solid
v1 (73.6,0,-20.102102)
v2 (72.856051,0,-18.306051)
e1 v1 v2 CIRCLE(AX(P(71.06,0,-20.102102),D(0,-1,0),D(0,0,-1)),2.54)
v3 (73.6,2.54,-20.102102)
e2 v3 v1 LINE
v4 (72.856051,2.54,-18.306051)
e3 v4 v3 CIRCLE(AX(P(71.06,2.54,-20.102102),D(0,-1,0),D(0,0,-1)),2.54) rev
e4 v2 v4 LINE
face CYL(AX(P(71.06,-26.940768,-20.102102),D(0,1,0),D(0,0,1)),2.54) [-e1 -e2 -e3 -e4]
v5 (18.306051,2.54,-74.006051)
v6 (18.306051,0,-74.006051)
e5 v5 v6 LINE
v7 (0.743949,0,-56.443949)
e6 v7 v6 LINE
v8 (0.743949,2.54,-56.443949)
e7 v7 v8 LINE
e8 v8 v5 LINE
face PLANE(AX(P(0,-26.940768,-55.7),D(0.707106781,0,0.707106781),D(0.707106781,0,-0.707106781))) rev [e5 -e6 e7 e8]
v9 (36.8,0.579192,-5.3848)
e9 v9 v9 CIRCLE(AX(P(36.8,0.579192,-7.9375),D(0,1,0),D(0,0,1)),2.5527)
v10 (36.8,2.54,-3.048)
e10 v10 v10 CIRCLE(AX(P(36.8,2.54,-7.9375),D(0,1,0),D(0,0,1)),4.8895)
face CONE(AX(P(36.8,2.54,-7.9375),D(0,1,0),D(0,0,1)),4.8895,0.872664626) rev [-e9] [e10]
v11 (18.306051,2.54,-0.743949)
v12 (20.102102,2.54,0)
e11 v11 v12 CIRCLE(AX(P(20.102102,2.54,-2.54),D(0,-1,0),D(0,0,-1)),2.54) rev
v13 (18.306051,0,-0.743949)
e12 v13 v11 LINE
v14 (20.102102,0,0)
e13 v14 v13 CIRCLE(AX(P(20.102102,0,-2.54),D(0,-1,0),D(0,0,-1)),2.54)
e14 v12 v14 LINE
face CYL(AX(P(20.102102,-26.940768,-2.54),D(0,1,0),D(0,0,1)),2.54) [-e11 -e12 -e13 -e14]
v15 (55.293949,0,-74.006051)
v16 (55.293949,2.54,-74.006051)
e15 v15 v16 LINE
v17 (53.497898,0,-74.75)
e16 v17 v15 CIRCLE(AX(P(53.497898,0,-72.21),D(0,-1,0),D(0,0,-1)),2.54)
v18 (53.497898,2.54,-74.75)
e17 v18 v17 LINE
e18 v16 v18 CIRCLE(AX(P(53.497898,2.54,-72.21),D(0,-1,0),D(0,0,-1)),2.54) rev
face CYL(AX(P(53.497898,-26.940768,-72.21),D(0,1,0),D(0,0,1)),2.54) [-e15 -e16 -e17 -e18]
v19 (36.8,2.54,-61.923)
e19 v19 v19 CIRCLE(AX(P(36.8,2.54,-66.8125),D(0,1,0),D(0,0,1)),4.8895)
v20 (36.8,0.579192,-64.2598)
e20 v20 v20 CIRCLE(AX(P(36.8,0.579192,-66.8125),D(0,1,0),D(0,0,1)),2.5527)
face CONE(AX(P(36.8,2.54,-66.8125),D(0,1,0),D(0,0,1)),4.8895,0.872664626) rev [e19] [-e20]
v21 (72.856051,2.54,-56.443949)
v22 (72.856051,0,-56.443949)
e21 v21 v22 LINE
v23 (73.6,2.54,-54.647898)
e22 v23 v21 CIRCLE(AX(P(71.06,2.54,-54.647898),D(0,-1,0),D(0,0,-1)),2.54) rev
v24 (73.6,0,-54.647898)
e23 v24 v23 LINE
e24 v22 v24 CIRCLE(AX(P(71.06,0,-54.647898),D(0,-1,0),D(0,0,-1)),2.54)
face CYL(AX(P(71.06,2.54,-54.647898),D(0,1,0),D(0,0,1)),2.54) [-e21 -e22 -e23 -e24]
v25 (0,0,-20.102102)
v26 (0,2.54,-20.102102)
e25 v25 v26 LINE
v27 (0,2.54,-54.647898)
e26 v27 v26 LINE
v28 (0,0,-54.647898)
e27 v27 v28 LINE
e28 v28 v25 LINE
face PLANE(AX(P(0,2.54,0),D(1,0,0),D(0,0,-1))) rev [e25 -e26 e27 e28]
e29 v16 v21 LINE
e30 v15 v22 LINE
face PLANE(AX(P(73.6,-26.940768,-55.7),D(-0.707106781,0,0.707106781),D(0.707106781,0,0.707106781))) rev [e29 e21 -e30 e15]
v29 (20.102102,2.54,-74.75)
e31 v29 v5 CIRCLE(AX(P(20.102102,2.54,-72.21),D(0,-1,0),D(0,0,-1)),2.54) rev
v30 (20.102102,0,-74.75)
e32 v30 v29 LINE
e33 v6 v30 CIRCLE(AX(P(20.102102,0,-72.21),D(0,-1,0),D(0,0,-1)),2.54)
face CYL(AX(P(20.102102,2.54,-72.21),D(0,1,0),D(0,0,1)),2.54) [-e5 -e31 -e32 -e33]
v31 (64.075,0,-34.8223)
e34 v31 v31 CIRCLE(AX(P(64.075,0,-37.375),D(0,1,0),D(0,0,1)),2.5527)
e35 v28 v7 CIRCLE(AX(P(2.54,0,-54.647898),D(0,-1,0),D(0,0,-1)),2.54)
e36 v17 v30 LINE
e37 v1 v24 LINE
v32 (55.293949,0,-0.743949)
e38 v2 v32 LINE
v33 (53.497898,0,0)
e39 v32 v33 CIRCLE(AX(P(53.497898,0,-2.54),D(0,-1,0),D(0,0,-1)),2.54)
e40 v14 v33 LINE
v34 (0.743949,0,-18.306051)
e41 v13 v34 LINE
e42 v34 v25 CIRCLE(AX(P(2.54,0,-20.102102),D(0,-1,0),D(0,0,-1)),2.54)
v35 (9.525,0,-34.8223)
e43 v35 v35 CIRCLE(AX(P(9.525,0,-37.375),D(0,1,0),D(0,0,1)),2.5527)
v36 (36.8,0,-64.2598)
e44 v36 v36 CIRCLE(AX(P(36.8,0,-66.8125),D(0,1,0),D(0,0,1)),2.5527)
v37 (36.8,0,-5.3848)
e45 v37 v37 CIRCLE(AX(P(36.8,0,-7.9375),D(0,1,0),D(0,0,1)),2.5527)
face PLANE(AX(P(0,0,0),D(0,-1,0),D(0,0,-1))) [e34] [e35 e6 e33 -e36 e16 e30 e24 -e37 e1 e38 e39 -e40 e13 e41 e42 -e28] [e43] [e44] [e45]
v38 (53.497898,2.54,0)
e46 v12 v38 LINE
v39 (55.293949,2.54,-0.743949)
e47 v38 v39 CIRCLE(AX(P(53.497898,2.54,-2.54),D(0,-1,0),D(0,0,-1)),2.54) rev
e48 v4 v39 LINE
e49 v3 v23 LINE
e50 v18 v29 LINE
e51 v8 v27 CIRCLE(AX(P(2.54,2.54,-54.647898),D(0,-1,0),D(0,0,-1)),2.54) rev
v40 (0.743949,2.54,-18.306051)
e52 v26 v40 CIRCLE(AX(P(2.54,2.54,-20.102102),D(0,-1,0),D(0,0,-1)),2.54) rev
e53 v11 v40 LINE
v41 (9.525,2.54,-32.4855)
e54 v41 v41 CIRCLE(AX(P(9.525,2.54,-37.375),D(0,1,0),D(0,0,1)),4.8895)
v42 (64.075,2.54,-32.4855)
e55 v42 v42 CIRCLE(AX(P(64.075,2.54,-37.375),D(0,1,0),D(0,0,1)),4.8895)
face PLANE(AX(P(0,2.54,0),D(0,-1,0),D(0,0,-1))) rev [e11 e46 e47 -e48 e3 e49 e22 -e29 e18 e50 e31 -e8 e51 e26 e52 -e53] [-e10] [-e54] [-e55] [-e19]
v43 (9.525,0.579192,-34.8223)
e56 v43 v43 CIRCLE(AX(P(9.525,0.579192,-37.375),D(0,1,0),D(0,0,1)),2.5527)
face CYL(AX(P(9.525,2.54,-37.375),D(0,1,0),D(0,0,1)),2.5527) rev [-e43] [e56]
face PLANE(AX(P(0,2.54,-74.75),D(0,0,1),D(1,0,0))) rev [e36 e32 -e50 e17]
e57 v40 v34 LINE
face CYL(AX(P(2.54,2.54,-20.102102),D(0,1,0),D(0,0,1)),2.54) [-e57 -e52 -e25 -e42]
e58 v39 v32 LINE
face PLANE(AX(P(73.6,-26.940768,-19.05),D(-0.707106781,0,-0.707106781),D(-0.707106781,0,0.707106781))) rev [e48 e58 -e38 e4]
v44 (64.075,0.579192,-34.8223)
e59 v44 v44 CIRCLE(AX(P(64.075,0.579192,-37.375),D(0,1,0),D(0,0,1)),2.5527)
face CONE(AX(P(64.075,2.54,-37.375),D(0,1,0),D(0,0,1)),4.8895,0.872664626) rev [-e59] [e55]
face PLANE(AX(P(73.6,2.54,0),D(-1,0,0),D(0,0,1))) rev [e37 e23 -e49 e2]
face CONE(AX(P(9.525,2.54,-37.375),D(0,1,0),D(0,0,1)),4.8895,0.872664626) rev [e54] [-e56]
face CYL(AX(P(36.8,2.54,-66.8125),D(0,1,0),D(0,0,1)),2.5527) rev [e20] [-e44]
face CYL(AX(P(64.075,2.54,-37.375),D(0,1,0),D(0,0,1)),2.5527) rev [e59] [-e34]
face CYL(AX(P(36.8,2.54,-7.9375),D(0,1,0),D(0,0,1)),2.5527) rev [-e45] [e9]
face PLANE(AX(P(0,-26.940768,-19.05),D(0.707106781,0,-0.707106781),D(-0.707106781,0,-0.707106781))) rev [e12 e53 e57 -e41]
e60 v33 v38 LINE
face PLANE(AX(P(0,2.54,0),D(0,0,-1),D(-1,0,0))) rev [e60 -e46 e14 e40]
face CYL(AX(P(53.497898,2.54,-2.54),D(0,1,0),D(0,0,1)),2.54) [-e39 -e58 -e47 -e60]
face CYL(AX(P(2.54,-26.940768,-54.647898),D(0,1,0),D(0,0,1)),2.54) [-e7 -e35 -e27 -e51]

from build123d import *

# Parameters (mm, degrees)
MAIN_BASE_DIM_W                            = 73.60000012
MAIN_BASE_DIM_H                            = 74.750000106
MAIN_BASE_DEPTH                            = 2.54
CSK_FOR_10_FLAT_HEAD_MACHINE_SCREW_2_COUNT = 2
CSK_FOR_10_FLAT_HEAD_MACHINE_SCREW_2_PITCH = 40.130936127
CSK_FOR_10_FLAT_HEAD_MACHINE_SCREW_3_COUNT = 2
CSK_FOR_10_FLAT_HEAD_MACHINE_SCREW_3_PITCH = 54.55000006
CSK_FOR_10_FLAT_HEAD_MACHINE_SCREW_4_COUNT = 2
CSK_FOR_10_FLAT_HEAD_MACHINE_SCREW_4_PITCH = 40.130936127
CONER_CUT_DEPTH                            = 2.54
F_1IN_FILLET_R                             = 2.54


with BuildPart() as part:
    # Main_Base_Dim → Main_Base (new body)
    with BuildSketch(Plane(origin=(0, 0, 0), x_dir=(1, 0, 0), z_dir=(0, 1, 0))):
        with Locations((36.80000006, 37.375000053)):
            Rectangle(MAIN_BASE_DIM_W, MAIN_BASE_DIM_H)
    extrude(amount=MAIN_BASE_DEPTH)

    # Sketch4 → CSK for #10 Flat Head Machine Screw (100)1 (revolve, cut)
    with BuildSketch(Plane(origin=(9.52500003, 2.54, -37.375000053), x_dir=(0, 0, 1), z_dir=(1, 0, 0))):
        Polygon((0, 0), (0, 2.54), (2.5527, 2.54), (2.5527, 1.960808018), (4.8895, 0), align=None)
    csk_for_10_flat_head_machine_screw_100 = revolve(axis=Axis((9.52500003, 8.89, -37.375000053), (0, -1, 0)), mode=Mode.SUBTRACT)

    # CSK for _10 Flat Head Machine Screw  2: CSK for #10 Flat Head Machine Screw (100)1 ×2
    with Locations(*[Vector(0.679650232, 0, 0.73353634) * (i * CSK_FOR_10_FLAT_HEAD_MACHINE_SCREW_2_PITCH) for i in range(1, CSK_FOR_10_FLAT_HEAD_MACHINE_SCREW_2_COUNT)]):
        add(csk_for_10_flat_head_machine_screw_100, mode=Mode.SUBTRACT)

    # CSK for _10 Flat Head Machine Screw  3: CSK for #10 Flat Head Machine Screw (100)1 ×2
    with Locations(*[(i * CSK_FOR_10_FLAT_HEAD_MACHINE_SCREW_3_PITCH, 0, 0) for i in range(1, CSK_FOR_10_FLAT_HEAD_MACHINE_SCREW_3_COUNT)]):
        add(csk_for_10_flat_head_machine_screw_100, mode=Mode.SUBTRACT)

    # CSK for _10 Flat Head Machine Screw  4: CSK for #10 Flat Head Machine Screw (100)1 ×2
    with Locations(*[Vector(0.679650232, 0, -0.73353634) * (i * CSK_FOR_10_FLAT_HEAD_MACHINE_SCREW_4_PITCH) for i in range(1, CSK_FOR_10_FLAT_HEAD_MACHINE_SCREW_4_COUNT)]):
        add(csk_for_10_flat_head_machine_screw_100, mode=Mode.SUBTRACT)

    # Corner_Cut_Dim → Coner_Cut (cut)
    with BuildSketch(Plane(origin=(0, 2.54, 0), x_dir=(1, 0, 0), z_dir=(0, 1, 0))):
        Polygon((0, 0), (0, 19.05), (19.05, 0), align=None)
        Polygon((54.55000012, 0), (73.60000012, 0), (73.60000012, 19.05), align=None)
        Polygon((73.60000012, 74.750000106), (73.60000012, 55.700000106), (54.55000012, 74.750000106), align=None)
        Polygon((0, 55.700000106), (19.05, 74.750000106), (0, 74.750000106), align=None)
    extrude(amount=-CONER_CUT_DEPTH, mode=Mode.SUBTRACT)

    # .1in_Fillet
    f_1in_fillet_edges = [part.edges().sort_by_distance(p)[0] for p in [
        (19.05, 1.27, -74.750000106),
        (0, 1.27, -55.700000106),
        (73.60000012, 1.27, -55.700000106),
        (54.55000012, 1.27, -74.750000106),
        (73.60000012, 1.27, -19.05),
        (54.55000012, 1.27, 0),
        (0, 1.27, -19.05),
        (19.05, 1.27, 0),
    ]]
    fillet(f_1in_fillet_edges, radius=F_1IN_FILLET_R)


solid = part.part
